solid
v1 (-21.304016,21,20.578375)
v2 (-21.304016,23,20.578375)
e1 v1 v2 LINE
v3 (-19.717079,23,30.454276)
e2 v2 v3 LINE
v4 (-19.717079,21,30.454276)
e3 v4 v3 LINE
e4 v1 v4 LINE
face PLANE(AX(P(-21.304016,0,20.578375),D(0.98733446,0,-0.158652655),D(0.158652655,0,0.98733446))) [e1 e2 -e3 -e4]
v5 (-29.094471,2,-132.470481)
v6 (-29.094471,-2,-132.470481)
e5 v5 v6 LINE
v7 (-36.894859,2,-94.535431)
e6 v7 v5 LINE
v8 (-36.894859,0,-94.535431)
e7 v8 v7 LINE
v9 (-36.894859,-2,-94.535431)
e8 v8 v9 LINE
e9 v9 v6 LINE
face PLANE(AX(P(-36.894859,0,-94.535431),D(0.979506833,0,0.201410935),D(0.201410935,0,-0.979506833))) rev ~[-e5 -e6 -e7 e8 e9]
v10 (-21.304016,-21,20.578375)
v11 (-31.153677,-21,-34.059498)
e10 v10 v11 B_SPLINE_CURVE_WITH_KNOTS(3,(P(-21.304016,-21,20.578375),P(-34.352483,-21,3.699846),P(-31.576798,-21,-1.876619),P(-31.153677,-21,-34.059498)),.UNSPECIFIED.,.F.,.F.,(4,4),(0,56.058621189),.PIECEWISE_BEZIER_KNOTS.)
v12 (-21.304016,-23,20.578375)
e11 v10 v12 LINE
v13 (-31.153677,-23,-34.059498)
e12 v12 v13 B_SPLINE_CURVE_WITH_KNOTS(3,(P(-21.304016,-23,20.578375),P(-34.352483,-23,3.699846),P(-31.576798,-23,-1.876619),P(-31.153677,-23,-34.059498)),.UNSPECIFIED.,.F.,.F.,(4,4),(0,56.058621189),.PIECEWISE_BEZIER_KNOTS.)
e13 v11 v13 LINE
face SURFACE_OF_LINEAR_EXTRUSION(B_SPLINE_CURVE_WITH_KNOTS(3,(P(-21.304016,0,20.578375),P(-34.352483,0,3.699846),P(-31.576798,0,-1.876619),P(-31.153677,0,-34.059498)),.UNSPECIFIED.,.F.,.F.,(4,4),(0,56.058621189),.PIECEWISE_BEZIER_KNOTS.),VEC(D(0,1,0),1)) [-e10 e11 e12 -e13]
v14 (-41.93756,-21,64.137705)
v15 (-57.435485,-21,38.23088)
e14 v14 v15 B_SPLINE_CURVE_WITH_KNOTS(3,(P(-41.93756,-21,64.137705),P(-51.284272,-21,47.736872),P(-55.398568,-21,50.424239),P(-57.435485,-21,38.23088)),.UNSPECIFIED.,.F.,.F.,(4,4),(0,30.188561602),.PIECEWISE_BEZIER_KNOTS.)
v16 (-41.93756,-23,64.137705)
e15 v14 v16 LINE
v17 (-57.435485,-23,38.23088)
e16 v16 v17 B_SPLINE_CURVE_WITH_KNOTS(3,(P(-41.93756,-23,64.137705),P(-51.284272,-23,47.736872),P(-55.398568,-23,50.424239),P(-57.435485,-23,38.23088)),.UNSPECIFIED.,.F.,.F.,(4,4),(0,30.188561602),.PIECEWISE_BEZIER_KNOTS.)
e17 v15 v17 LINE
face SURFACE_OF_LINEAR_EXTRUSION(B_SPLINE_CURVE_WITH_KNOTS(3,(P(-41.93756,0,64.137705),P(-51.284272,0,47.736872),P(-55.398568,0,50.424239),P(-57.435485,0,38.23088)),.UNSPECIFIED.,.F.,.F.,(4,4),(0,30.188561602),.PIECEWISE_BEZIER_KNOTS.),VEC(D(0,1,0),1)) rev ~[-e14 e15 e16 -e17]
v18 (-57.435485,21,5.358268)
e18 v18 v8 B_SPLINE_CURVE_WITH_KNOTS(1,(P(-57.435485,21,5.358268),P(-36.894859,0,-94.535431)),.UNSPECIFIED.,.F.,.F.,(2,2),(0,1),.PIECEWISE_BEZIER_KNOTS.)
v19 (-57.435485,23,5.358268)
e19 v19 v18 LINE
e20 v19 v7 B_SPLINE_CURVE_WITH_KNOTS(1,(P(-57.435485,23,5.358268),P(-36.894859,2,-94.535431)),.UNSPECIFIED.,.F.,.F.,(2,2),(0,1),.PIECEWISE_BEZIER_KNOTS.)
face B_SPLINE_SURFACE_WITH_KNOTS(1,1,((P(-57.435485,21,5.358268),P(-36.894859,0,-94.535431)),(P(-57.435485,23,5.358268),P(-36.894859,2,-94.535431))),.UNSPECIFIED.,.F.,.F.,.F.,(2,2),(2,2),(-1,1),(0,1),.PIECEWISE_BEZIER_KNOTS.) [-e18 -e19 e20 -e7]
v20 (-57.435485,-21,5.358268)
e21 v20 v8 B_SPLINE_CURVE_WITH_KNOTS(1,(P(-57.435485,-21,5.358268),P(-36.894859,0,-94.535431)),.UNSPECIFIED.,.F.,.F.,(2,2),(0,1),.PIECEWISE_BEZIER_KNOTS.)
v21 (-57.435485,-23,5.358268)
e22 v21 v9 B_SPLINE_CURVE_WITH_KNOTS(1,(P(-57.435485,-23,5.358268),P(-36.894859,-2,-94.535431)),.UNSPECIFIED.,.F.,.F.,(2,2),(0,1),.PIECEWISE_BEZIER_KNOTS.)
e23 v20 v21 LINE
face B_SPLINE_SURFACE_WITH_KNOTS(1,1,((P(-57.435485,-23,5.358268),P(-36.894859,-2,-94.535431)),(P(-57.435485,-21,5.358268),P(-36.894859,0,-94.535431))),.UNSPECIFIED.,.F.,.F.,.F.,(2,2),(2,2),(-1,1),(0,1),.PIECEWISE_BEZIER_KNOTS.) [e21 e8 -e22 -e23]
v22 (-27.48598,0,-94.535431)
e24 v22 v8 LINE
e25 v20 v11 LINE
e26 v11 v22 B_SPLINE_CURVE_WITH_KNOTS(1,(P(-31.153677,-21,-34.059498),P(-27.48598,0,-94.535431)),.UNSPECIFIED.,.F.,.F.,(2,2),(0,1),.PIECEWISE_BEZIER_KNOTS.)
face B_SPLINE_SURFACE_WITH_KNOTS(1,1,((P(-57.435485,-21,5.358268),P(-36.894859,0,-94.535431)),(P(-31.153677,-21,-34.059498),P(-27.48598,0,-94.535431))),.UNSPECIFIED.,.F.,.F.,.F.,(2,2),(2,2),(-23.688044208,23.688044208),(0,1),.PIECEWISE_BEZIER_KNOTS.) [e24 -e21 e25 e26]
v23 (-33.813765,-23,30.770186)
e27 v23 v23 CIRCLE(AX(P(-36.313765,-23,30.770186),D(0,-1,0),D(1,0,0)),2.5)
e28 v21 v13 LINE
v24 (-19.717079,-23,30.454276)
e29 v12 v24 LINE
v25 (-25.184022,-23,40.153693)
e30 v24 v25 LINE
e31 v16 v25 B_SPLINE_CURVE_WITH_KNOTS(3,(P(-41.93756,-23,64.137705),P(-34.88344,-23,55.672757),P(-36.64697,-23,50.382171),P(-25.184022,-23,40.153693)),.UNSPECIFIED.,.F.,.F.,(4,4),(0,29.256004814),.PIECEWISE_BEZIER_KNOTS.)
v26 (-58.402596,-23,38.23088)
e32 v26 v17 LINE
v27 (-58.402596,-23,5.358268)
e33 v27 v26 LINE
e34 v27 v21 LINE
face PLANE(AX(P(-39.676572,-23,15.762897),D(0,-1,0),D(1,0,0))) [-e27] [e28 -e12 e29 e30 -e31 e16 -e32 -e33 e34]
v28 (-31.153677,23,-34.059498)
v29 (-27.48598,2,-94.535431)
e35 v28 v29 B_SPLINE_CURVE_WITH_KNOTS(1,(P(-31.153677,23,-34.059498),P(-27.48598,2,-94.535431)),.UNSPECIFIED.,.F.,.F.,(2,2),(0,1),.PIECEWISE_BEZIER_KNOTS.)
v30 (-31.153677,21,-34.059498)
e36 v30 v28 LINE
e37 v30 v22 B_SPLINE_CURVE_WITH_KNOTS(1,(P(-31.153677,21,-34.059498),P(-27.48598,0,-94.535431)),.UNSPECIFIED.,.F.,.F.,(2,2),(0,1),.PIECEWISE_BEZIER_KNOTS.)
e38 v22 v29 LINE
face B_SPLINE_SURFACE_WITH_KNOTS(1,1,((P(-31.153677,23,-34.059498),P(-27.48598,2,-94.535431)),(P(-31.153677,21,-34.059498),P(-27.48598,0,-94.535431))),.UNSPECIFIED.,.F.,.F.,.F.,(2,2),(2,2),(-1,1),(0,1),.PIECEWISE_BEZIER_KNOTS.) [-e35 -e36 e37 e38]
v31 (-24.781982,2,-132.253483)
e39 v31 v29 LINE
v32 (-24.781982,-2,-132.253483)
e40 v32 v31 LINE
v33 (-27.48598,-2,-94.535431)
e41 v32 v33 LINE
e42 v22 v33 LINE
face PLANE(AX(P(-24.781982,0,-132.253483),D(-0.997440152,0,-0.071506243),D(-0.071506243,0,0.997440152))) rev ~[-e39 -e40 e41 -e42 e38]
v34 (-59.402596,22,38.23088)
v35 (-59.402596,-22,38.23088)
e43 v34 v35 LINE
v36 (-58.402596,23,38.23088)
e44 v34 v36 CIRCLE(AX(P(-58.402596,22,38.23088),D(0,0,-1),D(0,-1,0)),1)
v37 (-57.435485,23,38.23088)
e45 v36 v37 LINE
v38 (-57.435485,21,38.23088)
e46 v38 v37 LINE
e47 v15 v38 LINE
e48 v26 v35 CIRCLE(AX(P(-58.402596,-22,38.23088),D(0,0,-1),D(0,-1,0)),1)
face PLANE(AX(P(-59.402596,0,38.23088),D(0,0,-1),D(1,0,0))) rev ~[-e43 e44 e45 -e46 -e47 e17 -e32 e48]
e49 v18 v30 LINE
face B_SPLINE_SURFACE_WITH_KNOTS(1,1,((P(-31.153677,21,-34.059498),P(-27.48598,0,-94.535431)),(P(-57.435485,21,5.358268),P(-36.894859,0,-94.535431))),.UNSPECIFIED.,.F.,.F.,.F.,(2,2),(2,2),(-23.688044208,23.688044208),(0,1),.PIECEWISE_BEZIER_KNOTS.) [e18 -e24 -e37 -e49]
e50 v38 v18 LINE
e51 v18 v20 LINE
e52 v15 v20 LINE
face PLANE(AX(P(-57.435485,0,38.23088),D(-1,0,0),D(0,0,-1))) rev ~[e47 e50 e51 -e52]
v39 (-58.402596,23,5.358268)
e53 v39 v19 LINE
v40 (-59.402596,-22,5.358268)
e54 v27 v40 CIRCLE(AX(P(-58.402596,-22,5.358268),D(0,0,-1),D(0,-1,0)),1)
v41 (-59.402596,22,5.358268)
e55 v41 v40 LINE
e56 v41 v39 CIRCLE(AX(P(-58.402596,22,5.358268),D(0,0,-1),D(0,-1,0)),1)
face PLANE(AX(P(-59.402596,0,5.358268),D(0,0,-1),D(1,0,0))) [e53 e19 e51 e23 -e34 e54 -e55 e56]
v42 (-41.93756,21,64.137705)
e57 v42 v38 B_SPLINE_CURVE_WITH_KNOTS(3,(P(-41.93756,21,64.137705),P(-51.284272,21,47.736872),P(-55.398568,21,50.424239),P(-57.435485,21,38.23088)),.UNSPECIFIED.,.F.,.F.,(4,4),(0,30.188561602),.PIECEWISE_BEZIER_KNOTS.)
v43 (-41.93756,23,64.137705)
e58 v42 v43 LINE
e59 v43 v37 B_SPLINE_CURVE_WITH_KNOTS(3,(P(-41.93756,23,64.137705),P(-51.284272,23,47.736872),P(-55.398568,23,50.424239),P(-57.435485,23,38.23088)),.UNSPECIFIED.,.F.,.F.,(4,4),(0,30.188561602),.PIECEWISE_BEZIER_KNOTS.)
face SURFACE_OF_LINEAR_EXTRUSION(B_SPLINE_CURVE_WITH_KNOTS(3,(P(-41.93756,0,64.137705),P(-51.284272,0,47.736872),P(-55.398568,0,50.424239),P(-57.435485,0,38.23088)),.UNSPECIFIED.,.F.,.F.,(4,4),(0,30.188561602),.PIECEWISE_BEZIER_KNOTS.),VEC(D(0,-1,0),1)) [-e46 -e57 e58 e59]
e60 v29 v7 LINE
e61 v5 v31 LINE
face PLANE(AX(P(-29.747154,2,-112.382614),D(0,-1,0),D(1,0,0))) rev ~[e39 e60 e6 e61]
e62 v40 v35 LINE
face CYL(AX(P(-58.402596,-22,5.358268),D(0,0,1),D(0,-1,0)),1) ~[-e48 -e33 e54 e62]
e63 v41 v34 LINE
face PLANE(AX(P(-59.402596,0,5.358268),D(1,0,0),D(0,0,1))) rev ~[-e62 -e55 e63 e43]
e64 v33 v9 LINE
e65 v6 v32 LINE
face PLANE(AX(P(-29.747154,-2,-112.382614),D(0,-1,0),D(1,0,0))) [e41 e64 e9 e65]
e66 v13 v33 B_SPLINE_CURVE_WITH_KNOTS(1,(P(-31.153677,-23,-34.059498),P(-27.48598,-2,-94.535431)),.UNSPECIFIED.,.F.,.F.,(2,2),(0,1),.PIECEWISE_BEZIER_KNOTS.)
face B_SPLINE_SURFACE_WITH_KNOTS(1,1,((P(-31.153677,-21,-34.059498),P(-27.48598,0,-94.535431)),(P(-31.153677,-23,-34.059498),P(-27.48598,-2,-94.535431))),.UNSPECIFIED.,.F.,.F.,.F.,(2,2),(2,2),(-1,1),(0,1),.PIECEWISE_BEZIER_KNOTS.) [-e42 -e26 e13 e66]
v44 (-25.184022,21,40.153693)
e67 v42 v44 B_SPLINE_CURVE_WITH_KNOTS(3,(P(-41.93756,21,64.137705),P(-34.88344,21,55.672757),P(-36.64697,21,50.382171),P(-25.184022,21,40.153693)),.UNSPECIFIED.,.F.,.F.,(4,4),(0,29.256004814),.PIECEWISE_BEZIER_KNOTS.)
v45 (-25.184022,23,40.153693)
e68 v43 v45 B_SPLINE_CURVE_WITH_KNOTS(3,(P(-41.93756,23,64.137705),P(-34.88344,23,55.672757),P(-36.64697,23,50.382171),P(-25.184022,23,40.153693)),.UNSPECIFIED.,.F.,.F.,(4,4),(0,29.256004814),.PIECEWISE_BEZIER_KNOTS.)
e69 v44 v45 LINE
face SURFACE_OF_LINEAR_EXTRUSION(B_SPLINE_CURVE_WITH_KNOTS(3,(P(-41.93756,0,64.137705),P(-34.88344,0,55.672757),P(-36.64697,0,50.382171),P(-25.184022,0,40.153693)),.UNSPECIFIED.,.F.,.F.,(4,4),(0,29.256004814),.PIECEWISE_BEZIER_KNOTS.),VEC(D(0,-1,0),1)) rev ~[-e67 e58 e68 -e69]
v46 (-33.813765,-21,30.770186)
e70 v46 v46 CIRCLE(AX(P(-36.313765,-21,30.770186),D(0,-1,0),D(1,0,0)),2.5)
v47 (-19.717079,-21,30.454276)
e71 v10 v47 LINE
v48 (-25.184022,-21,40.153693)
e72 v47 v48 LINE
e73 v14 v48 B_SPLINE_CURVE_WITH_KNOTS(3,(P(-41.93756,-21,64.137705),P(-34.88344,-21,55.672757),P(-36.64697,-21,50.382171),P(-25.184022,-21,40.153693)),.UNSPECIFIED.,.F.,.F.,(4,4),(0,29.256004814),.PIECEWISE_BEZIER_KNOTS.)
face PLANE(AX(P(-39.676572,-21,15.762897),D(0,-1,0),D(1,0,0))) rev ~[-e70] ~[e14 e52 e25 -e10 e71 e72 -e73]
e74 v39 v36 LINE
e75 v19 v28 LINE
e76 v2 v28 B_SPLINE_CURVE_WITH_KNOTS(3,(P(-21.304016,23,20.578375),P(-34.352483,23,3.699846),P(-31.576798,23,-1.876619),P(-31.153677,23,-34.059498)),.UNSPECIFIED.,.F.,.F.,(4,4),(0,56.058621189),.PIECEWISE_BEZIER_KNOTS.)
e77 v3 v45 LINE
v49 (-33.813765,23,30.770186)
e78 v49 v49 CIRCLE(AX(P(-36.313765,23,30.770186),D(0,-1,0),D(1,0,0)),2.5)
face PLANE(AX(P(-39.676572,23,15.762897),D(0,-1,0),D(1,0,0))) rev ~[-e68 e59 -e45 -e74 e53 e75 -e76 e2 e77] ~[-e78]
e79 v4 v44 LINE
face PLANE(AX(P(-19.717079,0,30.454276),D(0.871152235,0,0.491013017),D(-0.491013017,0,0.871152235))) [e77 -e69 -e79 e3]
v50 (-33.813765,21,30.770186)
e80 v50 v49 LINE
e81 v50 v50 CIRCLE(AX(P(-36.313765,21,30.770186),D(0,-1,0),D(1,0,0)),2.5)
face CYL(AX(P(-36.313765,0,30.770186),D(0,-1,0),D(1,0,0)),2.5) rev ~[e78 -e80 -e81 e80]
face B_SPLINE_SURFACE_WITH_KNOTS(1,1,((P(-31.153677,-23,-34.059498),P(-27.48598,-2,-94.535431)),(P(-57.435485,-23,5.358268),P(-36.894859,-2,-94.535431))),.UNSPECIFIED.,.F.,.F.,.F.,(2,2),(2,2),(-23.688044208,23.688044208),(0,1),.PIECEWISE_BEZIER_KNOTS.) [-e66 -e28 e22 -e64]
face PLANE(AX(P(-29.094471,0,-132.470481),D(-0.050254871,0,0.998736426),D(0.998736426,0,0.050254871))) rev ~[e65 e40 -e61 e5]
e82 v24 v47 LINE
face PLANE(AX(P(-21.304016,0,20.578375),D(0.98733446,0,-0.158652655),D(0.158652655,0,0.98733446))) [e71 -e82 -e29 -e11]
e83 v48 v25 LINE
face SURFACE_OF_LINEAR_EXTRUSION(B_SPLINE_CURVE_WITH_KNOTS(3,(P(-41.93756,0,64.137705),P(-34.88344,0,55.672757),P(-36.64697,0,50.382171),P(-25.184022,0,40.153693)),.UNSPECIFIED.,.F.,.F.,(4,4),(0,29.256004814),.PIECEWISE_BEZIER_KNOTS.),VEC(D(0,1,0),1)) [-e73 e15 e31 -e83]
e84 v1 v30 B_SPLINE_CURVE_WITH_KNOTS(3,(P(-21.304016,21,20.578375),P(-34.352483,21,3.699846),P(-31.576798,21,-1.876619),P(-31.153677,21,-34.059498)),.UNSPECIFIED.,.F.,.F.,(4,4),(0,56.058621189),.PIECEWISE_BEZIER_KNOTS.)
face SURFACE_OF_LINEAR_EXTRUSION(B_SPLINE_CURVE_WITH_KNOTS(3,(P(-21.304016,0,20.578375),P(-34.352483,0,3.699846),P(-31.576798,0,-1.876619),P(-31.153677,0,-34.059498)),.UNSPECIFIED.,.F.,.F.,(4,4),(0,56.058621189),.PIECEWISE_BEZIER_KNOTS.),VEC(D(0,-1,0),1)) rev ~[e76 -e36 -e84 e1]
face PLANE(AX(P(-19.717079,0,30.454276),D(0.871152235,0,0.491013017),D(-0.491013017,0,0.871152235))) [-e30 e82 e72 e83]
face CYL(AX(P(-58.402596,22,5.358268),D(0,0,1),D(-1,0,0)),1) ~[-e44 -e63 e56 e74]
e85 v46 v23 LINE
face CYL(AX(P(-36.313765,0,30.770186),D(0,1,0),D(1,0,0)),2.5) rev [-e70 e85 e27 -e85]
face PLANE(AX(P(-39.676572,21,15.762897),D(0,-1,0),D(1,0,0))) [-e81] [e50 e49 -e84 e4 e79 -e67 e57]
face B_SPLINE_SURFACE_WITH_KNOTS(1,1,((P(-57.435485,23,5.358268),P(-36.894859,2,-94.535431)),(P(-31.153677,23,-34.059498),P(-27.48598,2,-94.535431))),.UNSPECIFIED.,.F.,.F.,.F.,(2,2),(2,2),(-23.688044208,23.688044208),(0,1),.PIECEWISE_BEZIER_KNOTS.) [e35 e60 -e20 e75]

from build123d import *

# Parameters (mm, degrees)
F1_DEPTH                 = 2
F0_R                     = 2.5
F0_W                     = 1.9671103259
F0_H                     = 32.8726123017
F2_DEPTH                 = 23
F3_DEPTH                 = 21
F3_FACE_W                = 2
F3_FACE_H                = 47.3760884154
FLPUHT3DEIL0ECL_2_FACE_W = 9.4088794868
FLPUHT3DEIL0ECL_2_FACE_H = 2
F5_DEPTH                 = 2
F5_FACE_W                = 9.4088794868
F5_FACE_H                = 2
F7_R                     = 1
F8_R                     = 1


with BuildPart() as f1:
    # F0 (on Front) → F1 (new body)
    with BuildSketch(Plane.XZ):
        Polygon((-27.4859799968, -94.5354314736), (-36.8948594836, -94.5354314736), (-29.0944709842, -132.4704811186), (-24.7819819802, -132.2534833467), align=None)
    extrude(amount=-F1_DEPTH)



with BuildPart() as f2:
    # F0 (on Front) → F2 (new body, symmetric)
    with BuildSketch(Plane.XZ):
        with BuildLine():
            Line((-57.4354853918, 38.2308801777), (-57.4354853918, 5.358267876))
            Line((-57.4354853918, 5.358267876), (-31.1536770314, -34.0594984591))
            add(Edge.make_bspline(
                [(-21.304015945, 20.5783754124), (-34.3524827141, 3.69984575), (-31.5767975227, -1.8766191306), (-31.1536770314, -34.0594984591)],
                knots=[0, 0, 0, 0, 56.0586211891, 56.0586211891, 56.0586211891, 56.0586211891], degree=3))
            Line((-21.304015945, 20.5783754124), (-19.717078656, 30.4542761296))
            Line((-19.717078656, 30.4542761296), (-25.1840222627, 40.1536934078))
            add(Edge.make_bspline(
                [(-41.9375598431, 64.1377046704), (-34.8834395409, 55.6727573276), (-36.6469696164, 50.3821708262), (-25.1840222627, 40.1536934078)],
                knots=[0, 0, 0, 0, 29.2560048145, 29.2560048145, 29.2560048145, 29.2560048145], degree=3))
            add(Edge.make_bspline(
                [(-41.9375598431, 64.1377046704), (-51.2842722237, 47.7368719876), (-55.3985677235, 50.4242394975), (-57.4354853918, 38.2308801777)],
                knots=[0, 0, 0, 0, 30.1885616022, 30.1885616022, 30.1885616022, 30.1885616022], degree=3))
        make_face()
        with Locations((-36.313764751, 30.7701863348)):
            Circle(F0_R, mode=Mode.SUBTRACT)
        with Locations((-58.4190405548, 21.7945740269)):
            Rectangle(F0_W, F0_H)
    extrude(amount=F2_DEPTH, both=True)

    # F0 (on Front) → F3 (cut, symmetric)
    with BuildSketch(Plane.XZ):
        with BuildLine():
            Line((-57.4354853918, 38.2308801777), (-57.4354853918, 5.358267876))
            Line((-57.4354853918, 5.358267876), (-31.1536770314, -34.0594984591))
            add(Edge.make_bspline(
                [(-21.304015945, 20.5783754124), (-34.3524827141, 3.69984575), (-31.5767975227, -1.8766191306), (-31.1536770314, -34.0594984591)],
                knots=[0, 0, 0, 0, 56.0586211891, 56.0586211891, 56.0586211891, 56.0586211891], degree=3))
            Line((-21.304015945, 20.5783754124), (-19.717078656, 30.4542761296))
            Line((-19.717078656, 30.4542761296), (-25.1840222627, 40.1536934078))
            add(Edge.make_bspline(
                [(-41.9375598431, 64.1377046704), (-34.8834395409, 55.6727573276), (-36.6469696164, 50.3821708262), (-25.1840222627, 40.1536934078)],
                knots=[0, 0, 0, 0, 29.2560048145, 29.2560048145, 29.2560048145, 29.2560048145], degree=3))
            add(Edge.make_bspline(
                [(-41.9375598431, 64.1377046704), (-51.2842722237, 47.7368719876), (-55.3985677235, 50.4242394975), (-57.4354853918, 38.2308801777)],
                knots=[0, 0, 0, 0, 30.1885616022, 30.1885616022, 30.1885616022, 30.1885616022], degree=3))
        make_face()
        with Locations((-36.313764751, 30.7701863348)):
            Circle(F0_R, mode=Mode.SUBTRACT)
    extrude(amount=F3_DEPTH, both=True, mode=Mode.SUBTRACT)


with BuildPart() as f1_1:
    add(f1.part)

    add(f2.part)  # F4 merges F2
    # F3_face (on face) → F4 section 0
    with BuildSketch(Plane(origin=(-44.2945812116, 22, -14.3506152915), x_dir=(0, -1, 0), z_dir=(-0.8320181689, 0, -0.5547483813))):
        Rectangle(F3_FACE_W, F3_FACE_H)
    # FlpuHt3dEil0ecl_2_face (on face) → F4 section 1
    with BuildSketch(Plane(origin=(-32.1904197402, 1, -94.5354314736), x_dir=(1, 0, 0), z_dir=(0, 0, 1))):
        Rectangle(FLPUHT3DEIL0ECL_2_FACE_W, FLPUHT3DEIL0ECL_2_FACE_H)
    loft()

    # F0 (on Front) → F5 (join)
    with BuildSketch(Plane.XZ):
        Polygon((-27.4859799968, -94.5354314736), (-36.8948594836, -94.5354314736), (-29.0944709842, -132.4704811186), (-24.7819819802, -132.2534833467), align=None)
    extrude(amount=F5_DEPTH)

    # F3_face (on face) → F6 section 0
    with BuildSketch(Plane(origin=(-44.2945812116, 22, -14.3506152915), x_dir=(0, -1, 0), z_dir=(-0.8320181689, 0, -0.5547483813))):
        with Locations((44, 0)):
            Rectangle(F3_FACE_W, F3_FACE_H)
    # F5_face (on face) → F6 section 1
    with BuildSketch(Plane(origin=(-32.1904197402, -1, -94.5354314736), x_dir=(1, 0, 0), z_dir=(0, 0, 1))):
        Rectangle(F5_FACE_W, F5_FACE_H)
    loft()

    # F7
    f7_edges = [f1_1.edges().sort_by_distance(p)[0] for p in [
        (-59.402596, -23, 21.794574),
    ]]
    fillet(f7_edges, radius=F7_R)

    # F8
    f8_edges = [f1_1.edges().sort_by_distance(p)[0] for p in [
        (-59.402596, 23, 21.794574),
    ]]
    fillet(f8_edges, radius=F8_R)


solid = f1_1.part
